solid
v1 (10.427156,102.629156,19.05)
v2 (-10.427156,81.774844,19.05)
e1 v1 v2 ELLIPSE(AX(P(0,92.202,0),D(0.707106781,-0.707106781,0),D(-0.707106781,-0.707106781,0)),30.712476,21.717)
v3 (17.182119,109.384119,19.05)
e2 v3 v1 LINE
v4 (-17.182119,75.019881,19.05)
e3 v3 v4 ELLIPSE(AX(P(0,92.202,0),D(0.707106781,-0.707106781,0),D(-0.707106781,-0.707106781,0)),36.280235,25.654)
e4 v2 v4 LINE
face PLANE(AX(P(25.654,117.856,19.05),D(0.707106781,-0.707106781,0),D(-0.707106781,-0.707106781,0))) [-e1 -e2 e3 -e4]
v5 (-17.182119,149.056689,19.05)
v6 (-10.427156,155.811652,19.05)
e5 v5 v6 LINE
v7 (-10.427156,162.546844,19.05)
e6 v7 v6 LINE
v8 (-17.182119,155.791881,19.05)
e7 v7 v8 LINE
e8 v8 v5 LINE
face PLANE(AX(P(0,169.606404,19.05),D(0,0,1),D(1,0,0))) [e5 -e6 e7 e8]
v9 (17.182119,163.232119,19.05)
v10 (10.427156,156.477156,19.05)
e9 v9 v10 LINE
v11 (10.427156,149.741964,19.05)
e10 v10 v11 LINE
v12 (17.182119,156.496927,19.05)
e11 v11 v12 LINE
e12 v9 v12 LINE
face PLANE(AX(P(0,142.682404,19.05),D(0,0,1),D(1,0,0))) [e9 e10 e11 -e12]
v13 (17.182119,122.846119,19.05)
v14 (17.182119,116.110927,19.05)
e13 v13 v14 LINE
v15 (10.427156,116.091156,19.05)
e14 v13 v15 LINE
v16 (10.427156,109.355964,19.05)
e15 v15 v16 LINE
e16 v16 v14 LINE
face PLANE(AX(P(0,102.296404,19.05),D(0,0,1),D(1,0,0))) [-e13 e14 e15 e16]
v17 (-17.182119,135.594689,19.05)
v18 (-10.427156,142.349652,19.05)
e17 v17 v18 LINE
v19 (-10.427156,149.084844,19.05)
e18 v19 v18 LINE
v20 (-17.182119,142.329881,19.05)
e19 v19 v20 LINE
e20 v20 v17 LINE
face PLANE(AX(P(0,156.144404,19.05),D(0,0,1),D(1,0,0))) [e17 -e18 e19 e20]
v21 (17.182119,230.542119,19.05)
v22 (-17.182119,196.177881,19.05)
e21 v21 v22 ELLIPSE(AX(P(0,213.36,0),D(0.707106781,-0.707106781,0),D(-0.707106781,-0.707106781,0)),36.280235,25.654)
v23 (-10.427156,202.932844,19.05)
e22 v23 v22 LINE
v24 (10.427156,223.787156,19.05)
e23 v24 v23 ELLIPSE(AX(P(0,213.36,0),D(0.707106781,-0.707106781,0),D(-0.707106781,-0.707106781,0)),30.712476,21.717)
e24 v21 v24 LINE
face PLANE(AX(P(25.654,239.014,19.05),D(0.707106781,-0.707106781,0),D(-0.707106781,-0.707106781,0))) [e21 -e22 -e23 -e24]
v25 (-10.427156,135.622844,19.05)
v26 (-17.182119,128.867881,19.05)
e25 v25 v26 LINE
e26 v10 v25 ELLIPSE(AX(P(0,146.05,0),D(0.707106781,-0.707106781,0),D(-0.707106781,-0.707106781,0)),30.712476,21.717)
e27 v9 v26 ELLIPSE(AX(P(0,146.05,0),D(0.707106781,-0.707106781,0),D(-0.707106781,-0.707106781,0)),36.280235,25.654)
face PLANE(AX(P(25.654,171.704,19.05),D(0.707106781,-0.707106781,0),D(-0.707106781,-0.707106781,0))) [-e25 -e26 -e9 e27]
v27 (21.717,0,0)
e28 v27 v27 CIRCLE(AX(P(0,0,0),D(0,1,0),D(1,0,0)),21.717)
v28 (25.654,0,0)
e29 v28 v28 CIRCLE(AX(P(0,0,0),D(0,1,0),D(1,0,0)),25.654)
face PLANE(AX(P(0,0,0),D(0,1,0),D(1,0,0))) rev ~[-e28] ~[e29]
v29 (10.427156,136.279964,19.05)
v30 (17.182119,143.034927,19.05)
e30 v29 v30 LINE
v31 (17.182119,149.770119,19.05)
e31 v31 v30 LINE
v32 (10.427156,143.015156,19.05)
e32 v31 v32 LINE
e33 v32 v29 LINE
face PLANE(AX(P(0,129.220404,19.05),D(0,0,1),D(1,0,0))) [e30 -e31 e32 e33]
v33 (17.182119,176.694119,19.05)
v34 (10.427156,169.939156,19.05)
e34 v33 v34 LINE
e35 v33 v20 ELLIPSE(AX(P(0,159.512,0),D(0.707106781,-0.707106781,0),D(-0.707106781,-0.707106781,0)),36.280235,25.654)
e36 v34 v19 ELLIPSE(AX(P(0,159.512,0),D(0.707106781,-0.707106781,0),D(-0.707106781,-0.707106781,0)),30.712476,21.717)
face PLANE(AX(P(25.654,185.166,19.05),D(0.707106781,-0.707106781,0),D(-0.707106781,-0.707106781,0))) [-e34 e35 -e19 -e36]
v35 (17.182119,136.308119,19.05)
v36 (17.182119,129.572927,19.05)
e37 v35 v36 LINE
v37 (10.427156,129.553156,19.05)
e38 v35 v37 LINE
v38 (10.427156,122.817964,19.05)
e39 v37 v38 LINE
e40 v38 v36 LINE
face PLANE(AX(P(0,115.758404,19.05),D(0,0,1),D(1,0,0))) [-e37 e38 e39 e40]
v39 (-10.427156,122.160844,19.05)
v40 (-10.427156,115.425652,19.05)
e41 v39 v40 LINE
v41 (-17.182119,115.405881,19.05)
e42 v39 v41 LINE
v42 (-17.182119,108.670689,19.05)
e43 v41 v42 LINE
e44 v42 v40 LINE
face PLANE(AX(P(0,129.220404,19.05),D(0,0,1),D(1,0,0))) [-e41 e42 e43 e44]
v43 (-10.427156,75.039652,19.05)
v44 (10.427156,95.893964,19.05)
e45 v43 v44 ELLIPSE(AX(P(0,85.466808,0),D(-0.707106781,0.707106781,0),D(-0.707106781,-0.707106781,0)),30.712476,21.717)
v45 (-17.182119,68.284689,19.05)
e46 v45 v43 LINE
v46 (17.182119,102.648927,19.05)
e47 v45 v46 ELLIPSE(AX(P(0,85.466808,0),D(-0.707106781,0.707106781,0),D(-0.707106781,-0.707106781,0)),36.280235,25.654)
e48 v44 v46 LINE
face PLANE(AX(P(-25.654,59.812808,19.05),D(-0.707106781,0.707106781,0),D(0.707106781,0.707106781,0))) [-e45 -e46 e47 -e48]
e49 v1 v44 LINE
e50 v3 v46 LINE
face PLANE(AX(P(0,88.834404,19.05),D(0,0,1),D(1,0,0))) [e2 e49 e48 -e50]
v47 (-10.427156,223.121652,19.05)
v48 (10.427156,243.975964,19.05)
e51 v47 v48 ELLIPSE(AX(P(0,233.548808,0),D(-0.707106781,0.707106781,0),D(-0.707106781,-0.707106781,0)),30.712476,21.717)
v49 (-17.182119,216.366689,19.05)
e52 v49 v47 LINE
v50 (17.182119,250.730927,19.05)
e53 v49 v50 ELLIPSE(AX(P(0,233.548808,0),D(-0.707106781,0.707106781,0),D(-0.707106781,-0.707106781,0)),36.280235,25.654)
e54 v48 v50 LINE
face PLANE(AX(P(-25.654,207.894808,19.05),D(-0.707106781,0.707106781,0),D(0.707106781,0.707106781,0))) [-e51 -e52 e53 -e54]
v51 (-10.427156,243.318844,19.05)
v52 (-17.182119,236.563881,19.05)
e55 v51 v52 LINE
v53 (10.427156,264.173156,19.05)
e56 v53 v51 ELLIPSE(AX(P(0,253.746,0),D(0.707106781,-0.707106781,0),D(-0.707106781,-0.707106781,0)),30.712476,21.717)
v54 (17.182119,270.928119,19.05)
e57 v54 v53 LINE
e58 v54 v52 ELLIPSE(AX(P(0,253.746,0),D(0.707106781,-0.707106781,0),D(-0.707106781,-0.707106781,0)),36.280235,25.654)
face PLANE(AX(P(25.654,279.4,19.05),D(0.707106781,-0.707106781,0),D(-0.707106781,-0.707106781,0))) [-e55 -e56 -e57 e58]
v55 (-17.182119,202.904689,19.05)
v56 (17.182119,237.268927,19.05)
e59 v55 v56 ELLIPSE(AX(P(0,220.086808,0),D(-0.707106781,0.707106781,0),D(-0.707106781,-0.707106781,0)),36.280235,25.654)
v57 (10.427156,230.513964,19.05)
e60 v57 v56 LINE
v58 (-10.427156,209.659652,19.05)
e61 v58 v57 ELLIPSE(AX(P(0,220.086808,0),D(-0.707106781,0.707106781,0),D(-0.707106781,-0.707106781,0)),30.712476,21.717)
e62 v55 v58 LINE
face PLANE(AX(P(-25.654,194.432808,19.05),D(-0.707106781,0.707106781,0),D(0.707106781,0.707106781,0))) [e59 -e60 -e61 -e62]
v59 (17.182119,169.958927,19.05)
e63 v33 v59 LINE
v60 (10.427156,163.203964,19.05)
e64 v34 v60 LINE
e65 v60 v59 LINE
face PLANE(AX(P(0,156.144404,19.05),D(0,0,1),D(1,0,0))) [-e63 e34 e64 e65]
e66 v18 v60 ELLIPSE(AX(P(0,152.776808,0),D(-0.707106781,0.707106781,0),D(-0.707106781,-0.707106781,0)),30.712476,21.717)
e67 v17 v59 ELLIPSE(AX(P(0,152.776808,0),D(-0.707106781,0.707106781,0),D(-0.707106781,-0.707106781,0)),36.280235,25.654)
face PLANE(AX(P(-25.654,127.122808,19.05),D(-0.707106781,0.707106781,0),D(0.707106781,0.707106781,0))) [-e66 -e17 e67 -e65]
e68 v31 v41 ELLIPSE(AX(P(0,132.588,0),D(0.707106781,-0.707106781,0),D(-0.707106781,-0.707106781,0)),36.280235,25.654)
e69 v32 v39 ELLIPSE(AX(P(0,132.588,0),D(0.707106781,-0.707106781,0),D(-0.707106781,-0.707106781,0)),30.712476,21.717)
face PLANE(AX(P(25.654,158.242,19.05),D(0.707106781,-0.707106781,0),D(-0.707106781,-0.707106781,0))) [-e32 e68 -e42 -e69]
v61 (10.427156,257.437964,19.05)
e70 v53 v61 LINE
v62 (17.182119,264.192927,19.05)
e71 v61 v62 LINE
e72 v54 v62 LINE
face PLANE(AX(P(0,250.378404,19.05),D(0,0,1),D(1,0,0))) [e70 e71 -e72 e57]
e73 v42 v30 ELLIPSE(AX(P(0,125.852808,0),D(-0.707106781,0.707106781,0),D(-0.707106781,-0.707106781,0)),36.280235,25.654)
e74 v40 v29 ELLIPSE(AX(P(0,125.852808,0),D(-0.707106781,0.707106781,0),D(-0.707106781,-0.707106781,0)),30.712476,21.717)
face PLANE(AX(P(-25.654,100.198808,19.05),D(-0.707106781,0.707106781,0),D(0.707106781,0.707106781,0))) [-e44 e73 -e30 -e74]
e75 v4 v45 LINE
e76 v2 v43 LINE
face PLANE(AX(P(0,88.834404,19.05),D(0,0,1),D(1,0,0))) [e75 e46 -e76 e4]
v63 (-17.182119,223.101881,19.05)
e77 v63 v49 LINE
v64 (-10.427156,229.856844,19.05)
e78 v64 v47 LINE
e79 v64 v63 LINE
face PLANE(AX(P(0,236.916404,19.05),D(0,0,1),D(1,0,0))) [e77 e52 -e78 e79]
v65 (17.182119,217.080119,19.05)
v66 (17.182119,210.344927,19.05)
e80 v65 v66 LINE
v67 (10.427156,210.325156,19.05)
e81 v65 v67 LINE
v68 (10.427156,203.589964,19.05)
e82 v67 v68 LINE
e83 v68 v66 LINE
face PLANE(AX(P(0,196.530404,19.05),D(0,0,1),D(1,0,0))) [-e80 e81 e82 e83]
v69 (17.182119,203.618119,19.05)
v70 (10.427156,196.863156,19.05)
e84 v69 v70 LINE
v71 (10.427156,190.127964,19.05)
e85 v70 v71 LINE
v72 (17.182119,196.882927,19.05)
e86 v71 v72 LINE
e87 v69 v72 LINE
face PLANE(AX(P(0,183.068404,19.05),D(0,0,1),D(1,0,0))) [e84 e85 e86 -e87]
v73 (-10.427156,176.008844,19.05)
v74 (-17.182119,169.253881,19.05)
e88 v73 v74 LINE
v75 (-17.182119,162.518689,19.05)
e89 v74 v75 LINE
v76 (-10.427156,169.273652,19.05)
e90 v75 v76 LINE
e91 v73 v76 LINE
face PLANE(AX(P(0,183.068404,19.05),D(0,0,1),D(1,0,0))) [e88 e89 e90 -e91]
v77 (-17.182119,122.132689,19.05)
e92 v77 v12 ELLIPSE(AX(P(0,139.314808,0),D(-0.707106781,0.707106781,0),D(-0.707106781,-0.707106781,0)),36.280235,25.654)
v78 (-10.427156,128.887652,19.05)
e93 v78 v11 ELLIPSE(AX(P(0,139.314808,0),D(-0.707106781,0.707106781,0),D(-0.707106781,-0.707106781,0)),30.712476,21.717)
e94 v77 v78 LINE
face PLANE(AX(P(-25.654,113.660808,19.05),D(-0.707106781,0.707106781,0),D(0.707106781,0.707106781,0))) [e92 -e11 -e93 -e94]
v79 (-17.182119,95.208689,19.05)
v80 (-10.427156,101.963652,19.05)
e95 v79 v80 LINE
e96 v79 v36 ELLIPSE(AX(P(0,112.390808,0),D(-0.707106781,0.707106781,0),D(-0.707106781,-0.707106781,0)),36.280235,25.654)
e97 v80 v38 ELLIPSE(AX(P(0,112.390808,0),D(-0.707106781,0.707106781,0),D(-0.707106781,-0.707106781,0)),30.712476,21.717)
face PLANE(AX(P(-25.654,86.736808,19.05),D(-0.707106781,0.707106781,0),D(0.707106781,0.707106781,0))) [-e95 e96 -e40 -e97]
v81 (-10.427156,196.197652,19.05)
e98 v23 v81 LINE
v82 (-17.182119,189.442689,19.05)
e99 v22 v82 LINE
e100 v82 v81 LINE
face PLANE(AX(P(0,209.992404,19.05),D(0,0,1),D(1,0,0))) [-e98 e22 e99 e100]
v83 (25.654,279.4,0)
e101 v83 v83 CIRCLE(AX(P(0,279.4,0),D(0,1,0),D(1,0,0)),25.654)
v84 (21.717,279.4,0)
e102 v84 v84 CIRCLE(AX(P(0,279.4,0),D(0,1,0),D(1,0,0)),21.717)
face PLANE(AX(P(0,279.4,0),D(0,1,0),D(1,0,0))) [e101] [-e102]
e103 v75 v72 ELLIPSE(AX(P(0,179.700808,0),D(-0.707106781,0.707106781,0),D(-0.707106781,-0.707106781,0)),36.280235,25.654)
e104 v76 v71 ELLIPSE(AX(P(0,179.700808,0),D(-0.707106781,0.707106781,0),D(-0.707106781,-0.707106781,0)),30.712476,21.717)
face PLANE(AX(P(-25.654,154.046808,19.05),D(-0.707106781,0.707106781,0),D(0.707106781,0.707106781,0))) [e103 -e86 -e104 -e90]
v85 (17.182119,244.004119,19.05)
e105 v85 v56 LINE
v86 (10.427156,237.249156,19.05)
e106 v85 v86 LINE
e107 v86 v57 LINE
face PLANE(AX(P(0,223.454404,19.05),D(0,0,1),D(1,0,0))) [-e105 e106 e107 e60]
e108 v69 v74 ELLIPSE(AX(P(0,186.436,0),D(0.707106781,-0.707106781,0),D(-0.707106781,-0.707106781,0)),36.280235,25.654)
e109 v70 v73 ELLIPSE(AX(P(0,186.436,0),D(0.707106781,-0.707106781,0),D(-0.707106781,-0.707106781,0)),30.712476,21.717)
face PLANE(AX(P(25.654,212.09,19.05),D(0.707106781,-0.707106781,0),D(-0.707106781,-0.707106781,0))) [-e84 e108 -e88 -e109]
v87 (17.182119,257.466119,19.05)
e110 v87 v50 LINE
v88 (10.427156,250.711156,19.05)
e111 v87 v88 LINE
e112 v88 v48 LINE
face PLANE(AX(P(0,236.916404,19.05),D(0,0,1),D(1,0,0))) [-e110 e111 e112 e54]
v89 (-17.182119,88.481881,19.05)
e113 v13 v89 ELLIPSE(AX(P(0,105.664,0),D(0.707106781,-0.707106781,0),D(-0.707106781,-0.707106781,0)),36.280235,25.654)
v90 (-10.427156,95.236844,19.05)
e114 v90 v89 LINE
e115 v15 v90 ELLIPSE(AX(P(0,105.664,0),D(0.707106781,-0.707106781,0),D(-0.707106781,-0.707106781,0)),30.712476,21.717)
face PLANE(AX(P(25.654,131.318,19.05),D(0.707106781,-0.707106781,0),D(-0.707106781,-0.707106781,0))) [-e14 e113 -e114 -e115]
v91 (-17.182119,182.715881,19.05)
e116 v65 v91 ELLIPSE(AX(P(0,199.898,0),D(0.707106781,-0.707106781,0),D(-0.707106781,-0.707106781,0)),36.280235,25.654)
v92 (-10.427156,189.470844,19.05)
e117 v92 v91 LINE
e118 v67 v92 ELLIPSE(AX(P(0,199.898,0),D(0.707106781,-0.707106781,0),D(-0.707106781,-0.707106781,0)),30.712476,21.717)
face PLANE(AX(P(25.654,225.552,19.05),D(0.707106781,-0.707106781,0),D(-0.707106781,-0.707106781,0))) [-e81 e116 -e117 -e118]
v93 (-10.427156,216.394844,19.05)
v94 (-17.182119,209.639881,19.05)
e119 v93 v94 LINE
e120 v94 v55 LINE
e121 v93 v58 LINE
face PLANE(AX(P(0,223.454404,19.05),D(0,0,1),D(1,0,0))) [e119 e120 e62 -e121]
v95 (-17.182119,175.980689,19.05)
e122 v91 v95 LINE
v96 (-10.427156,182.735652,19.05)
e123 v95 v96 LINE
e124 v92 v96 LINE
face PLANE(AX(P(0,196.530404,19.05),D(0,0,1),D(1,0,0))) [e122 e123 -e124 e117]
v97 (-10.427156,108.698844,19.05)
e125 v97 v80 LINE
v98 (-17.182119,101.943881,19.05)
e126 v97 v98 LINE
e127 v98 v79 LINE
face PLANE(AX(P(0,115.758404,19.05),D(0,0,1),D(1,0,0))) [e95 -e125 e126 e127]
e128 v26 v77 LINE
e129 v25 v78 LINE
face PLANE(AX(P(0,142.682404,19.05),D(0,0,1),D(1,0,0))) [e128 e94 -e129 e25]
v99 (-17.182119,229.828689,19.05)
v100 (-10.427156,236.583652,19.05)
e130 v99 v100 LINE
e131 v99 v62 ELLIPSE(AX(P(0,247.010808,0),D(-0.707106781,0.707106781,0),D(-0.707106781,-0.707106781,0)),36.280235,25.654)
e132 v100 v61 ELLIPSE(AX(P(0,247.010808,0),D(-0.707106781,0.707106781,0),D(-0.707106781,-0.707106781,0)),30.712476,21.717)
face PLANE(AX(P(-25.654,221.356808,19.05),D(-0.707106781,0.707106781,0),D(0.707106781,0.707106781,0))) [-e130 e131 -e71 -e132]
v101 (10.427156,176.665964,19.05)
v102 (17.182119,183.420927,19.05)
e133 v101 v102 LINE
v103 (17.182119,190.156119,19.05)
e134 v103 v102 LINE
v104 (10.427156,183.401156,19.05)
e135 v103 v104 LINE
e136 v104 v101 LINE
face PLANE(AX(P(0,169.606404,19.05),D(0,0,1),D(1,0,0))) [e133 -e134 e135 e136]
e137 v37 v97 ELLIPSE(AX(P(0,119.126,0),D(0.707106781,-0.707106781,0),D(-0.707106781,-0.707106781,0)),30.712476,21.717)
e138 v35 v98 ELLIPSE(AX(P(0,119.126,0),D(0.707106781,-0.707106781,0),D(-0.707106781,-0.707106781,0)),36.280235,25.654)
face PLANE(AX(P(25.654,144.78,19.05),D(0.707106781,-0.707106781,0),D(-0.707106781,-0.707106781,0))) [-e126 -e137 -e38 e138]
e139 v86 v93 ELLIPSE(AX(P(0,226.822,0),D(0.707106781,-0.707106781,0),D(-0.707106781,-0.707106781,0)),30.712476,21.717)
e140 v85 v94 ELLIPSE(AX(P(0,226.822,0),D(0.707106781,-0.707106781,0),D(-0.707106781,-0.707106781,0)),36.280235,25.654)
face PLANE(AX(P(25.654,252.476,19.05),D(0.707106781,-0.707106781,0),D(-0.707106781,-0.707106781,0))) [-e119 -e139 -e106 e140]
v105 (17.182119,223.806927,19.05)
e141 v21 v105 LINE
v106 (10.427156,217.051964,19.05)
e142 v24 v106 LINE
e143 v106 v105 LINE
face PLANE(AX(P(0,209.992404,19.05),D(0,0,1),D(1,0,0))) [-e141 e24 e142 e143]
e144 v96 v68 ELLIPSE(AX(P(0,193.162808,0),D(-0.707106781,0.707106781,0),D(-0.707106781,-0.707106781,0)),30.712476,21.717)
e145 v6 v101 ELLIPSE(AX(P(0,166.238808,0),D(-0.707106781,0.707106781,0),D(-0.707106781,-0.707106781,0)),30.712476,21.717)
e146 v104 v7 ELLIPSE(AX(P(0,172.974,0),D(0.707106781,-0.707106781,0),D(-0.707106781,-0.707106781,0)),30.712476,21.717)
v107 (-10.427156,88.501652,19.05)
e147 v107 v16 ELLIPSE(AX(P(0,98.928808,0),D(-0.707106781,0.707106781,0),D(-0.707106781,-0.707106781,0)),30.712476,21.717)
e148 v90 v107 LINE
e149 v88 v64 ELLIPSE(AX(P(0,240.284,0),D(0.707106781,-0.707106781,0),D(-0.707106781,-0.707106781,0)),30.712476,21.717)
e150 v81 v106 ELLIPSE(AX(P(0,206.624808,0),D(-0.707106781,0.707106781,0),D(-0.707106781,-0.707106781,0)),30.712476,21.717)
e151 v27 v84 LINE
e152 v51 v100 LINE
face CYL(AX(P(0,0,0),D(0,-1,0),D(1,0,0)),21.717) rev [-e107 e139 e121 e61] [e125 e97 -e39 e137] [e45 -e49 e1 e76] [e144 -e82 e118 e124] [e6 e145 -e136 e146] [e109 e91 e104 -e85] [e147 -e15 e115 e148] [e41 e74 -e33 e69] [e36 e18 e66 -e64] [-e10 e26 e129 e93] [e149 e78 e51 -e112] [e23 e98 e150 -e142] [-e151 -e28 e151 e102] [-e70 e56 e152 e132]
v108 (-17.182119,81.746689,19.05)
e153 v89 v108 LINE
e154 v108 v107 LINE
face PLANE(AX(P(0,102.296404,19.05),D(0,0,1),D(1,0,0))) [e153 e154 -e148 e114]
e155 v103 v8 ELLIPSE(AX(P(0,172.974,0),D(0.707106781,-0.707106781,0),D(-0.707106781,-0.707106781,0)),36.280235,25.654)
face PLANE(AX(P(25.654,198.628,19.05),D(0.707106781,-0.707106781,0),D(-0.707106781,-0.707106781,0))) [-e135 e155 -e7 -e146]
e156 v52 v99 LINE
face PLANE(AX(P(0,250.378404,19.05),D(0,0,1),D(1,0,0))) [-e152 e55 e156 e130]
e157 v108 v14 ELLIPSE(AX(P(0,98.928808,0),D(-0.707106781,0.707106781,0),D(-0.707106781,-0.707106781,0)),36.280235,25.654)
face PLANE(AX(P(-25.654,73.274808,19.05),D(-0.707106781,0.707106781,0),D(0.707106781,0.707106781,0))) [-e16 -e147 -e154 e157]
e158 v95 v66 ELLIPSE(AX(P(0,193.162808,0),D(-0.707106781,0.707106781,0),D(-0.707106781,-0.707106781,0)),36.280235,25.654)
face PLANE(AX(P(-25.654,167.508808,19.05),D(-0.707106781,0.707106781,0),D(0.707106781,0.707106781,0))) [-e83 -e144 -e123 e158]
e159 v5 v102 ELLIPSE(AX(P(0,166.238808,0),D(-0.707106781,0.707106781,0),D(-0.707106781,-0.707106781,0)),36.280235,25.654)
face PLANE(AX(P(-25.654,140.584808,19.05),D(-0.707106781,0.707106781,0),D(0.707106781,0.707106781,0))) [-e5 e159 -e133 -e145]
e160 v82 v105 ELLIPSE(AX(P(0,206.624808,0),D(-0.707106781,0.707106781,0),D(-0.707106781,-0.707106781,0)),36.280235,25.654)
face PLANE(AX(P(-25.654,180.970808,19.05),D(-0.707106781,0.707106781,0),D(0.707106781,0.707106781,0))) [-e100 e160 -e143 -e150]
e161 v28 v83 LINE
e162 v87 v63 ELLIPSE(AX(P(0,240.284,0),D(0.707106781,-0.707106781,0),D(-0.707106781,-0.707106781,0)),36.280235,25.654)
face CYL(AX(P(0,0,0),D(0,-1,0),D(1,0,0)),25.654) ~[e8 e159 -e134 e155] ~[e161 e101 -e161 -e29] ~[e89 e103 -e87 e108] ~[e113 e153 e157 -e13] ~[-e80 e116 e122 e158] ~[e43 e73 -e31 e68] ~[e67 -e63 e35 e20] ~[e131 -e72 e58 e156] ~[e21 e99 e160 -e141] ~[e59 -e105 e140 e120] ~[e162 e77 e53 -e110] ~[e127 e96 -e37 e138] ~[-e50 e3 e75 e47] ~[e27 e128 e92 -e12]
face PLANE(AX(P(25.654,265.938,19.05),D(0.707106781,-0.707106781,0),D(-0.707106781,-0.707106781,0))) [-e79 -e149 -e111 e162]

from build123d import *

# Parameters (mm, degrees)
SKETCH1_R           = 25.654
SKETCH1_R_2         = 21.717
BOSS_EXTRUDE1_DEPTH = 279.4
CUT_EXTRUDE1_START  = 19.05
CUT_EXTRUDE1_DEPTH  = 12.7
LPATTERN1_COUNT     = 13
LPATTERN1_PITCH     = 13.462


with BuildPart() as part:
    # Sketch1 → Boss-Extrude1 (new body)
    with BuildSketch(Plane(origin=(0, 0, 0), x_dir=(1, 0, 0), z_dir=(0, 1, 0))):
        Circle(SKETCH1_R)
        Circle(SKETCH1_R_2, mode=Mode.SUBTRACT)
    extrude(amount=BOSS_EXTRUDE1_DEPTH)

    # Sketch2 → Cut-Extrude1 (cut)
    with BuildSketch(Plane.XY.offset(CUT_EXTRUDE1_START)):
        Polygon((-29.021596045, 224.724403955), (-25.654, 221.356807909), (29.021596045, 276.032403955), (25.654, 279.4), align=None)
    cut_extrude1 = extrude(amount=CUT_EXTRUDE1_DEPTH, mode=Mode.SUBTRACT)

    # LPattern1: Cut-Extrude1 ×13
    with Locations(*[(0, -i * LPATTERN1_PITCH, 0) for i in range(1, LPATTERN1_COUNT)]):
        add(cut_extrude1, mode=Mode.SUBTRACT)


solid = part.part
